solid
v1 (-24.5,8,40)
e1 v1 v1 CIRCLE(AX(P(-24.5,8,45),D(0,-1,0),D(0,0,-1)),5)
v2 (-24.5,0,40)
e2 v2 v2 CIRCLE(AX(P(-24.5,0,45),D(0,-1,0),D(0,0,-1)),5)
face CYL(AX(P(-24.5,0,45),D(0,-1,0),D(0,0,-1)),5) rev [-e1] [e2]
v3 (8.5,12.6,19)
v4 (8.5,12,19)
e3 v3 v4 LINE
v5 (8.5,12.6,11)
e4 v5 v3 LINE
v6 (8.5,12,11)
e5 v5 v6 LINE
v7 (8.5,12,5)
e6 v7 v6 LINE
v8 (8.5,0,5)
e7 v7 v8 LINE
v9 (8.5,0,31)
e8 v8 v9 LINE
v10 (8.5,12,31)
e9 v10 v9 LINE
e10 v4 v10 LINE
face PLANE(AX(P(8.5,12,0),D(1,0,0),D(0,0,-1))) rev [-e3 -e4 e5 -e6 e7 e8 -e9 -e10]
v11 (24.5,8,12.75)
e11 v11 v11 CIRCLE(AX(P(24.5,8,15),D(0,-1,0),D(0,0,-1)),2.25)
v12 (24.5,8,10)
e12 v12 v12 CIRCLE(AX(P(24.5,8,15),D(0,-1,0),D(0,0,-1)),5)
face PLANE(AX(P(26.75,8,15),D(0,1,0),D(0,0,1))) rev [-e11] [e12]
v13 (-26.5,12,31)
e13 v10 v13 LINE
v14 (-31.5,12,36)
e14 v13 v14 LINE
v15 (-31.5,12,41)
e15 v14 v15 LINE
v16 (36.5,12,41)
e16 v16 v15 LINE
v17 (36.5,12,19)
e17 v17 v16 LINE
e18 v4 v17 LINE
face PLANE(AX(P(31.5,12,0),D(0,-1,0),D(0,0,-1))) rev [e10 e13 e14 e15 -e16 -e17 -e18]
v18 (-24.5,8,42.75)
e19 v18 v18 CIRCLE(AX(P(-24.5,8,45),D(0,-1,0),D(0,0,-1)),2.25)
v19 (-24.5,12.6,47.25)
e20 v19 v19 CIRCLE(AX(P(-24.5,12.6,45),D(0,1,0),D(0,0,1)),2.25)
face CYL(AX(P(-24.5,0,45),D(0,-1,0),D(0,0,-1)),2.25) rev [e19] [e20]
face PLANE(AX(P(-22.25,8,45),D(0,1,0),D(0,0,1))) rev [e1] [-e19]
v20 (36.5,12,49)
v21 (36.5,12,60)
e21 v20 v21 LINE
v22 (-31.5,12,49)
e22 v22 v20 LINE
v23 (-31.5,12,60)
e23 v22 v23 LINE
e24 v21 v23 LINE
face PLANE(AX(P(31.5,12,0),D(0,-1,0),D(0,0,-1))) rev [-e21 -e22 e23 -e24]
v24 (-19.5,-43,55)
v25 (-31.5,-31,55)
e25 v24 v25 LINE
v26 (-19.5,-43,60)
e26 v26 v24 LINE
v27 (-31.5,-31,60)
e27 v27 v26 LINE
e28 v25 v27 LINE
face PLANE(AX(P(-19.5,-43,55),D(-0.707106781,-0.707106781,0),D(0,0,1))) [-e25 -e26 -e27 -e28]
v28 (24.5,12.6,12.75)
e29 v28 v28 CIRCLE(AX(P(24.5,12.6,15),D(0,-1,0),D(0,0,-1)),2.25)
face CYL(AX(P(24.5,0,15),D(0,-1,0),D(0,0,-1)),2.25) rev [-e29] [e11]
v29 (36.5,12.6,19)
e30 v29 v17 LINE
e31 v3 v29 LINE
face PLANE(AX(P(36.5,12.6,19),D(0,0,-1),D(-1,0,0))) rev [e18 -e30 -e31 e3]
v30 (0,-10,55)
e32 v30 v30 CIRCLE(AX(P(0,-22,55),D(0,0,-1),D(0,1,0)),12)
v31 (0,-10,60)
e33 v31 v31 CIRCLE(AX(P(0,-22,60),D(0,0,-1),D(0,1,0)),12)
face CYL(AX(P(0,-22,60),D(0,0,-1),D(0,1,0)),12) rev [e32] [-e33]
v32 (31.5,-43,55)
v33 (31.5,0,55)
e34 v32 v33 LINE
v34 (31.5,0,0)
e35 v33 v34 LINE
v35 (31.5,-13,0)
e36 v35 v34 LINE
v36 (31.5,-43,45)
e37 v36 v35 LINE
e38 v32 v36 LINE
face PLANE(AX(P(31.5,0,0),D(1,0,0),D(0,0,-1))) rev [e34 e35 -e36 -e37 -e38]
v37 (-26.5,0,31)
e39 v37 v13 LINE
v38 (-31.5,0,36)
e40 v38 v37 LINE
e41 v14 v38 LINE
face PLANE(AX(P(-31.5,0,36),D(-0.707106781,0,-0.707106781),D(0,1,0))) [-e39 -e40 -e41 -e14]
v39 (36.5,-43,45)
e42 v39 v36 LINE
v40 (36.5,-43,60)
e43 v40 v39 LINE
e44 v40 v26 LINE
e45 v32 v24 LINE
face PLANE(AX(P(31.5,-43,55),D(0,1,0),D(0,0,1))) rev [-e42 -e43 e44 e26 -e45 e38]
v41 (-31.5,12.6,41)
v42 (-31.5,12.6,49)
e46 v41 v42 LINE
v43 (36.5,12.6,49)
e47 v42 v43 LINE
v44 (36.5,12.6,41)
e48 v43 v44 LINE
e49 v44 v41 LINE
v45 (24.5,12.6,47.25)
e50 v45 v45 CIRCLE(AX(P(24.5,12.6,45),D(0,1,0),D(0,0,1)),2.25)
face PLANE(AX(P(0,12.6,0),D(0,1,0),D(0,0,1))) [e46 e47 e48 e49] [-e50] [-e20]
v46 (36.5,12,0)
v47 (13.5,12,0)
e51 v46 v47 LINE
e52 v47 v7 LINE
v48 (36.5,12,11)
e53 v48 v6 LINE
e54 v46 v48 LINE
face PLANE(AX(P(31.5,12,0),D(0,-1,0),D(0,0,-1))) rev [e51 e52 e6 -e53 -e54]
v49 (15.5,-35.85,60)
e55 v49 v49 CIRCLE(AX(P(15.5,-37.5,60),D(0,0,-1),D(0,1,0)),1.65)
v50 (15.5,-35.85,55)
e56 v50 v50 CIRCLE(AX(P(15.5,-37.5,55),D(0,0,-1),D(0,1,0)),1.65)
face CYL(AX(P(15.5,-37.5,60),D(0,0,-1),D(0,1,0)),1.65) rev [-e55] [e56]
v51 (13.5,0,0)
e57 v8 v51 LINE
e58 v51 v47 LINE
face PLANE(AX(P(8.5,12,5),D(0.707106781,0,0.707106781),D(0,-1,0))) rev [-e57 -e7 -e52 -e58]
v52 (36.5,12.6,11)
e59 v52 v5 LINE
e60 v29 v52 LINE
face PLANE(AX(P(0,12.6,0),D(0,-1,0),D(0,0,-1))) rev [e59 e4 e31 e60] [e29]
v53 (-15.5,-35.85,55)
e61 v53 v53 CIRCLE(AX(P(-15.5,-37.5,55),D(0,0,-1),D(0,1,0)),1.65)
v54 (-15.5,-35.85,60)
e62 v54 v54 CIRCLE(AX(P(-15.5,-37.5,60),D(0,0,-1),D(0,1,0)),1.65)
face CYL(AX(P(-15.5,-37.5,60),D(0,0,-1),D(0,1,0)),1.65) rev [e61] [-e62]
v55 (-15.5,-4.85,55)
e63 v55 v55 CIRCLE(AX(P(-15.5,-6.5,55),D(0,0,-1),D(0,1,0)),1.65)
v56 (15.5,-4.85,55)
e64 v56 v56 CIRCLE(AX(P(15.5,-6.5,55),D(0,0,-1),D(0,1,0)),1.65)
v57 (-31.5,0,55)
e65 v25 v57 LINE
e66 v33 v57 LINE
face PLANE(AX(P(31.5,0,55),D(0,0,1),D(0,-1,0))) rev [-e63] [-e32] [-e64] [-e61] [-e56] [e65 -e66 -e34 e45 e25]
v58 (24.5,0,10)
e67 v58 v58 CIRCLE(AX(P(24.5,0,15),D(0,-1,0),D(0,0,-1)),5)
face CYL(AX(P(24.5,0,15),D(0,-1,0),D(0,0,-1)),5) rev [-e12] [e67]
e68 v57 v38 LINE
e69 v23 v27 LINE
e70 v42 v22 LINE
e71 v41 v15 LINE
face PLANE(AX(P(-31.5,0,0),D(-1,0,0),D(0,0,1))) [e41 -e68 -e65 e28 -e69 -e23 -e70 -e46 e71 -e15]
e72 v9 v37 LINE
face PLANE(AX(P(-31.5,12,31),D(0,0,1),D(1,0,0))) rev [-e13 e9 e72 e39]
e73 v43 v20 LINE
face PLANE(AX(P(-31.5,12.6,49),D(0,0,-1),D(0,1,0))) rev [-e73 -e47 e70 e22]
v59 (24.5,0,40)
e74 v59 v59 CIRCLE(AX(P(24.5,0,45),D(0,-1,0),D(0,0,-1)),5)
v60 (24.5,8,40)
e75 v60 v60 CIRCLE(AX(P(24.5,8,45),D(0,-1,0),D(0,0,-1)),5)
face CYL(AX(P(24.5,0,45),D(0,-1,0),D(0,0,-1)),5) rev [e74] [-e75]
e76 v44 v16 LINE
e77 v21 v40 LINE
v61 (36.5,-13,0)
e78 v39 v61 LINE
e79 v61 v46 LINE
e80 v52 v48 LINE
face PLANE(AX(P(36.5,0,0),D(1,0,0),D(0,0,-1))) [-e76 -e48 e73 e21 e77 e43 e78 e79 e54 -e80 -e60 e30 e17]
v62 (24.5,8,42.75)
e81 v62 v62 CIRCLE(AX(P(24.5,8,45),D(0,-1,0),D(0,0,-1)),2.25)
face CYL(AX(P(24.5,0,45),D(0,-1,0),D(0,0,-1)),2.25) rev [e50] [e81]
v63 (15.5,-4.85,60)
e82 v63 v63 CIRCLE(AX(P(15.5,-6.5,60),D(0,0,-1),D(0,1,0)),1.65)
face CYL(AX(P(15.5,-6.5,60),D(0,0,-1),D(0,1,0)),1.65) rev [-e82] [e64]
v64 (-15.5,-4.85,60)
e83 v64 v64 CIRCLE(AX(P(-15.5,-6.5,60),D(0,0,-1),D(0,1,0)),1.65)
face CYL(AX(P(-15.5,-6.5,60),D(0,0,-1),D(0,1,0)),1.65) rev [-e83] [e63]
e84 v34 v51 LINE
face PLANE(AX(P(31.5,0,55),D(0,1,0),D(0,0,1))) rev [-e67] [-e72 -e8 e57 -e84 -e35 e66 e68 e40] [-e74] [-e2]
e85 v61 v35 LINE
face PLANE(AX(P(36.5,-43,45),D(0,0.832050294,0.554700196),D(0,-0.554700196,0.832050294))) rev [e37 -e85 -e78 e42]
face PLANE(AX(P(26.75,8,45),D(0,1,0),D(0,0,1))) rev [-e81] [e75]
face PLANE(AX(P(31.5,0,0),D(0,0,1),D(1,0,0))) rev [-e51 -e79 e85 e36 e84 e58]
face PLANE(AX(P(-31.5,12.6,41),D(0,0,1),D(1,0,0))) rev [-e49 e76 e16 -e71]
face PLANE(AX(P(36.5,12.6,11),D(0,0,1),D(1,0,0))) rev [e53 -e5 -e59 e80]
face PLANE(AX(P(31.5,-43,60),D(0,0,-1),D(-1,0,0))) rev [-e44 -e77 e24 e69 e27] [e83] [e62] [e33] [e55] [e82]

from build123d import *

# Parameters (mm, degrees)
BOSS_EXTRUDE1_DEPTH                                 = 31.5
SKETCH2_R                                           = 12
SKETCH2_R_2                                         = 1.65
CUT_EXTRUDE1_DEPTH                                  = 77.591448609
SKETCH3_W                                           = 40
SKETCH3_H                                           = 31
CUT_EXTRUDE2_DEPTH                                  = 81.257398413
BOSS_EXTRUDE2_DEPTH                                 = 5
SKETCH8_W                                           = 68
SKETCH8_H                                           = 8
SKETCH8_W_2                                         = 28
BOSS_EXTRUDE3_DEPTH                                 = 0.6
CBORE_FOR_M4_HEX_SOCKET_HEAD_CAP_SCREW1_D           = 4.5
CBORE_FOR_M4_HEX_SOCKET_HEAD_CAP_SCREW1_CBORE_D     = 10
CBORE_FOR_M4_HEX_SOCKET_HEAD_CAP_SCREW1_CBORE_DEPTH = 8
CHAMFER1_SIZE                                       = 12
CHAMFER2_SIZE                                       = 5


with BuildPart() as part:
    # Sketch1 → Boss-Extrude1 (new, symmetric)
    with BuildSketch(Plane(origin=(0, 0, 0), x_dir=(0, 0, -1), z_dir=(1, 0, 0))):
        Polygon((-55, 0), (0, 0), (0, 12), (-60, 12), (-60, -43), (-55, -43), align=None)
    extrude(amount=BOSS_EXTRUDE1_DEPTH, both=True)

    # Sketch2 → Cut-Extrude1 (cut, through all)
    with BuildSketch(Plane(origin=(0, 0, 55), x_dir=(-1, 0, 0), z_dir=(0, 0, -1))):
        with Locations(Location((0, -22, 0), (0, 0, 90))):
            Circle(SKETCH2_R)
        with Locations(Location((-15.5, -6.5, 0), (0, 0, 90))):
            Circle(SKETCH2_R_2)
        with Locations(Location((-15.5, -37.5, 0), (0, 0, 90))):
            Circle(SKETCH2_R_2)
        with Locations(Location((15.5, -37.5, 0), (0, 0, 90))):
            Circle(SKETCH2_R_2)
        with Locations(Location((15.5, -6.5, 0), (0, 0, 90))):
            Circle(SKETCH2_R_2)
    extrude(amount=-CUT_EXTRUDE1_DEPTH, mode=Mode.SUBTRACT)

    # Sketch3 → Cut-Extrude2 (cut, through all)
    with BuildSketch(Plane.XZ):
        with Locations((-11.5, 15.5)):
            Rectangle(SKETCH3_W, SKETCH3_H)
    extrude(amount=-CUT_EXTRUDE2_DEPTH, mode=Mode.SUBTRACT)

    # Sketch7 → Boss-Extrude2 (add)
    with BuildSketch(Plane(origin=(31.5, 0, 0), x_dir=(0, 0, -1), z_dir=(1, 0, 0))):
        Polygon((-60, -43), (-45, -43), (0, -13), (0, 12), (-60, 12), align=None)
    extrude(amount=BOSS_EXTRUDE2_DEPTH)

    # Sketch8 → Boss-Extrude3 (add)
    with BuildSketch(Plane(origin=(0, 12, 0), x_dir=(1, 0, 0), z_dir=(0, 1, 0))):
        with Locations((2.5, -45)):
            Rectangle(SKETCH8_W, SKETCH8_H)
        with Locations((22.5, -15)):
            Rectangle(SKETCH8_W_2, SKETCH8_H)
    extrude(amount=BOSS_EXTRUDE3_DEPTH)

    # CBORE for M4 Hex Socket Head Cap Screw1 (through all)
    with Locations(Plane(origin=(0, 0, 0), x_dir=(-1, 0, 0), z_dir=(0, -1, 0))):
        with Locations((24.5, -45), (-24.5, -45), (-24.5, -15)):
            CounterBoreHole(CBORE_FOR_M4_HEX_SOCKET_HEAD_CAP_SCREW1_D / 2, CBORE_FOR_M4_HEX_SOCKET_HEAD_CAP_SCREW1_CBORE_D / 2, CBORE_FOR_M4_HEX_SOCKET_HEAD_CAP_SCREW1_CBORE_DEPTH)

    # Chamfer1
    chamfer1_edges = [part.edges().sort_by_distance(p)[0] for p in [
        (-31.5, -43, 57.5),
    ]]
    chamfer(chamfer1_edges, length=CHAMFER1_SIZE)

    # Chamfer2
    chamfer2_edges = [part.edges().sort_by_distance(p)[0] for p in [
        (-31.5, 6, 31),
        (8.5, 6, 0),
    ]]
    chamfer(chamfer2_edges, length=CHAMFER2_SIZE)


solid = part.part
